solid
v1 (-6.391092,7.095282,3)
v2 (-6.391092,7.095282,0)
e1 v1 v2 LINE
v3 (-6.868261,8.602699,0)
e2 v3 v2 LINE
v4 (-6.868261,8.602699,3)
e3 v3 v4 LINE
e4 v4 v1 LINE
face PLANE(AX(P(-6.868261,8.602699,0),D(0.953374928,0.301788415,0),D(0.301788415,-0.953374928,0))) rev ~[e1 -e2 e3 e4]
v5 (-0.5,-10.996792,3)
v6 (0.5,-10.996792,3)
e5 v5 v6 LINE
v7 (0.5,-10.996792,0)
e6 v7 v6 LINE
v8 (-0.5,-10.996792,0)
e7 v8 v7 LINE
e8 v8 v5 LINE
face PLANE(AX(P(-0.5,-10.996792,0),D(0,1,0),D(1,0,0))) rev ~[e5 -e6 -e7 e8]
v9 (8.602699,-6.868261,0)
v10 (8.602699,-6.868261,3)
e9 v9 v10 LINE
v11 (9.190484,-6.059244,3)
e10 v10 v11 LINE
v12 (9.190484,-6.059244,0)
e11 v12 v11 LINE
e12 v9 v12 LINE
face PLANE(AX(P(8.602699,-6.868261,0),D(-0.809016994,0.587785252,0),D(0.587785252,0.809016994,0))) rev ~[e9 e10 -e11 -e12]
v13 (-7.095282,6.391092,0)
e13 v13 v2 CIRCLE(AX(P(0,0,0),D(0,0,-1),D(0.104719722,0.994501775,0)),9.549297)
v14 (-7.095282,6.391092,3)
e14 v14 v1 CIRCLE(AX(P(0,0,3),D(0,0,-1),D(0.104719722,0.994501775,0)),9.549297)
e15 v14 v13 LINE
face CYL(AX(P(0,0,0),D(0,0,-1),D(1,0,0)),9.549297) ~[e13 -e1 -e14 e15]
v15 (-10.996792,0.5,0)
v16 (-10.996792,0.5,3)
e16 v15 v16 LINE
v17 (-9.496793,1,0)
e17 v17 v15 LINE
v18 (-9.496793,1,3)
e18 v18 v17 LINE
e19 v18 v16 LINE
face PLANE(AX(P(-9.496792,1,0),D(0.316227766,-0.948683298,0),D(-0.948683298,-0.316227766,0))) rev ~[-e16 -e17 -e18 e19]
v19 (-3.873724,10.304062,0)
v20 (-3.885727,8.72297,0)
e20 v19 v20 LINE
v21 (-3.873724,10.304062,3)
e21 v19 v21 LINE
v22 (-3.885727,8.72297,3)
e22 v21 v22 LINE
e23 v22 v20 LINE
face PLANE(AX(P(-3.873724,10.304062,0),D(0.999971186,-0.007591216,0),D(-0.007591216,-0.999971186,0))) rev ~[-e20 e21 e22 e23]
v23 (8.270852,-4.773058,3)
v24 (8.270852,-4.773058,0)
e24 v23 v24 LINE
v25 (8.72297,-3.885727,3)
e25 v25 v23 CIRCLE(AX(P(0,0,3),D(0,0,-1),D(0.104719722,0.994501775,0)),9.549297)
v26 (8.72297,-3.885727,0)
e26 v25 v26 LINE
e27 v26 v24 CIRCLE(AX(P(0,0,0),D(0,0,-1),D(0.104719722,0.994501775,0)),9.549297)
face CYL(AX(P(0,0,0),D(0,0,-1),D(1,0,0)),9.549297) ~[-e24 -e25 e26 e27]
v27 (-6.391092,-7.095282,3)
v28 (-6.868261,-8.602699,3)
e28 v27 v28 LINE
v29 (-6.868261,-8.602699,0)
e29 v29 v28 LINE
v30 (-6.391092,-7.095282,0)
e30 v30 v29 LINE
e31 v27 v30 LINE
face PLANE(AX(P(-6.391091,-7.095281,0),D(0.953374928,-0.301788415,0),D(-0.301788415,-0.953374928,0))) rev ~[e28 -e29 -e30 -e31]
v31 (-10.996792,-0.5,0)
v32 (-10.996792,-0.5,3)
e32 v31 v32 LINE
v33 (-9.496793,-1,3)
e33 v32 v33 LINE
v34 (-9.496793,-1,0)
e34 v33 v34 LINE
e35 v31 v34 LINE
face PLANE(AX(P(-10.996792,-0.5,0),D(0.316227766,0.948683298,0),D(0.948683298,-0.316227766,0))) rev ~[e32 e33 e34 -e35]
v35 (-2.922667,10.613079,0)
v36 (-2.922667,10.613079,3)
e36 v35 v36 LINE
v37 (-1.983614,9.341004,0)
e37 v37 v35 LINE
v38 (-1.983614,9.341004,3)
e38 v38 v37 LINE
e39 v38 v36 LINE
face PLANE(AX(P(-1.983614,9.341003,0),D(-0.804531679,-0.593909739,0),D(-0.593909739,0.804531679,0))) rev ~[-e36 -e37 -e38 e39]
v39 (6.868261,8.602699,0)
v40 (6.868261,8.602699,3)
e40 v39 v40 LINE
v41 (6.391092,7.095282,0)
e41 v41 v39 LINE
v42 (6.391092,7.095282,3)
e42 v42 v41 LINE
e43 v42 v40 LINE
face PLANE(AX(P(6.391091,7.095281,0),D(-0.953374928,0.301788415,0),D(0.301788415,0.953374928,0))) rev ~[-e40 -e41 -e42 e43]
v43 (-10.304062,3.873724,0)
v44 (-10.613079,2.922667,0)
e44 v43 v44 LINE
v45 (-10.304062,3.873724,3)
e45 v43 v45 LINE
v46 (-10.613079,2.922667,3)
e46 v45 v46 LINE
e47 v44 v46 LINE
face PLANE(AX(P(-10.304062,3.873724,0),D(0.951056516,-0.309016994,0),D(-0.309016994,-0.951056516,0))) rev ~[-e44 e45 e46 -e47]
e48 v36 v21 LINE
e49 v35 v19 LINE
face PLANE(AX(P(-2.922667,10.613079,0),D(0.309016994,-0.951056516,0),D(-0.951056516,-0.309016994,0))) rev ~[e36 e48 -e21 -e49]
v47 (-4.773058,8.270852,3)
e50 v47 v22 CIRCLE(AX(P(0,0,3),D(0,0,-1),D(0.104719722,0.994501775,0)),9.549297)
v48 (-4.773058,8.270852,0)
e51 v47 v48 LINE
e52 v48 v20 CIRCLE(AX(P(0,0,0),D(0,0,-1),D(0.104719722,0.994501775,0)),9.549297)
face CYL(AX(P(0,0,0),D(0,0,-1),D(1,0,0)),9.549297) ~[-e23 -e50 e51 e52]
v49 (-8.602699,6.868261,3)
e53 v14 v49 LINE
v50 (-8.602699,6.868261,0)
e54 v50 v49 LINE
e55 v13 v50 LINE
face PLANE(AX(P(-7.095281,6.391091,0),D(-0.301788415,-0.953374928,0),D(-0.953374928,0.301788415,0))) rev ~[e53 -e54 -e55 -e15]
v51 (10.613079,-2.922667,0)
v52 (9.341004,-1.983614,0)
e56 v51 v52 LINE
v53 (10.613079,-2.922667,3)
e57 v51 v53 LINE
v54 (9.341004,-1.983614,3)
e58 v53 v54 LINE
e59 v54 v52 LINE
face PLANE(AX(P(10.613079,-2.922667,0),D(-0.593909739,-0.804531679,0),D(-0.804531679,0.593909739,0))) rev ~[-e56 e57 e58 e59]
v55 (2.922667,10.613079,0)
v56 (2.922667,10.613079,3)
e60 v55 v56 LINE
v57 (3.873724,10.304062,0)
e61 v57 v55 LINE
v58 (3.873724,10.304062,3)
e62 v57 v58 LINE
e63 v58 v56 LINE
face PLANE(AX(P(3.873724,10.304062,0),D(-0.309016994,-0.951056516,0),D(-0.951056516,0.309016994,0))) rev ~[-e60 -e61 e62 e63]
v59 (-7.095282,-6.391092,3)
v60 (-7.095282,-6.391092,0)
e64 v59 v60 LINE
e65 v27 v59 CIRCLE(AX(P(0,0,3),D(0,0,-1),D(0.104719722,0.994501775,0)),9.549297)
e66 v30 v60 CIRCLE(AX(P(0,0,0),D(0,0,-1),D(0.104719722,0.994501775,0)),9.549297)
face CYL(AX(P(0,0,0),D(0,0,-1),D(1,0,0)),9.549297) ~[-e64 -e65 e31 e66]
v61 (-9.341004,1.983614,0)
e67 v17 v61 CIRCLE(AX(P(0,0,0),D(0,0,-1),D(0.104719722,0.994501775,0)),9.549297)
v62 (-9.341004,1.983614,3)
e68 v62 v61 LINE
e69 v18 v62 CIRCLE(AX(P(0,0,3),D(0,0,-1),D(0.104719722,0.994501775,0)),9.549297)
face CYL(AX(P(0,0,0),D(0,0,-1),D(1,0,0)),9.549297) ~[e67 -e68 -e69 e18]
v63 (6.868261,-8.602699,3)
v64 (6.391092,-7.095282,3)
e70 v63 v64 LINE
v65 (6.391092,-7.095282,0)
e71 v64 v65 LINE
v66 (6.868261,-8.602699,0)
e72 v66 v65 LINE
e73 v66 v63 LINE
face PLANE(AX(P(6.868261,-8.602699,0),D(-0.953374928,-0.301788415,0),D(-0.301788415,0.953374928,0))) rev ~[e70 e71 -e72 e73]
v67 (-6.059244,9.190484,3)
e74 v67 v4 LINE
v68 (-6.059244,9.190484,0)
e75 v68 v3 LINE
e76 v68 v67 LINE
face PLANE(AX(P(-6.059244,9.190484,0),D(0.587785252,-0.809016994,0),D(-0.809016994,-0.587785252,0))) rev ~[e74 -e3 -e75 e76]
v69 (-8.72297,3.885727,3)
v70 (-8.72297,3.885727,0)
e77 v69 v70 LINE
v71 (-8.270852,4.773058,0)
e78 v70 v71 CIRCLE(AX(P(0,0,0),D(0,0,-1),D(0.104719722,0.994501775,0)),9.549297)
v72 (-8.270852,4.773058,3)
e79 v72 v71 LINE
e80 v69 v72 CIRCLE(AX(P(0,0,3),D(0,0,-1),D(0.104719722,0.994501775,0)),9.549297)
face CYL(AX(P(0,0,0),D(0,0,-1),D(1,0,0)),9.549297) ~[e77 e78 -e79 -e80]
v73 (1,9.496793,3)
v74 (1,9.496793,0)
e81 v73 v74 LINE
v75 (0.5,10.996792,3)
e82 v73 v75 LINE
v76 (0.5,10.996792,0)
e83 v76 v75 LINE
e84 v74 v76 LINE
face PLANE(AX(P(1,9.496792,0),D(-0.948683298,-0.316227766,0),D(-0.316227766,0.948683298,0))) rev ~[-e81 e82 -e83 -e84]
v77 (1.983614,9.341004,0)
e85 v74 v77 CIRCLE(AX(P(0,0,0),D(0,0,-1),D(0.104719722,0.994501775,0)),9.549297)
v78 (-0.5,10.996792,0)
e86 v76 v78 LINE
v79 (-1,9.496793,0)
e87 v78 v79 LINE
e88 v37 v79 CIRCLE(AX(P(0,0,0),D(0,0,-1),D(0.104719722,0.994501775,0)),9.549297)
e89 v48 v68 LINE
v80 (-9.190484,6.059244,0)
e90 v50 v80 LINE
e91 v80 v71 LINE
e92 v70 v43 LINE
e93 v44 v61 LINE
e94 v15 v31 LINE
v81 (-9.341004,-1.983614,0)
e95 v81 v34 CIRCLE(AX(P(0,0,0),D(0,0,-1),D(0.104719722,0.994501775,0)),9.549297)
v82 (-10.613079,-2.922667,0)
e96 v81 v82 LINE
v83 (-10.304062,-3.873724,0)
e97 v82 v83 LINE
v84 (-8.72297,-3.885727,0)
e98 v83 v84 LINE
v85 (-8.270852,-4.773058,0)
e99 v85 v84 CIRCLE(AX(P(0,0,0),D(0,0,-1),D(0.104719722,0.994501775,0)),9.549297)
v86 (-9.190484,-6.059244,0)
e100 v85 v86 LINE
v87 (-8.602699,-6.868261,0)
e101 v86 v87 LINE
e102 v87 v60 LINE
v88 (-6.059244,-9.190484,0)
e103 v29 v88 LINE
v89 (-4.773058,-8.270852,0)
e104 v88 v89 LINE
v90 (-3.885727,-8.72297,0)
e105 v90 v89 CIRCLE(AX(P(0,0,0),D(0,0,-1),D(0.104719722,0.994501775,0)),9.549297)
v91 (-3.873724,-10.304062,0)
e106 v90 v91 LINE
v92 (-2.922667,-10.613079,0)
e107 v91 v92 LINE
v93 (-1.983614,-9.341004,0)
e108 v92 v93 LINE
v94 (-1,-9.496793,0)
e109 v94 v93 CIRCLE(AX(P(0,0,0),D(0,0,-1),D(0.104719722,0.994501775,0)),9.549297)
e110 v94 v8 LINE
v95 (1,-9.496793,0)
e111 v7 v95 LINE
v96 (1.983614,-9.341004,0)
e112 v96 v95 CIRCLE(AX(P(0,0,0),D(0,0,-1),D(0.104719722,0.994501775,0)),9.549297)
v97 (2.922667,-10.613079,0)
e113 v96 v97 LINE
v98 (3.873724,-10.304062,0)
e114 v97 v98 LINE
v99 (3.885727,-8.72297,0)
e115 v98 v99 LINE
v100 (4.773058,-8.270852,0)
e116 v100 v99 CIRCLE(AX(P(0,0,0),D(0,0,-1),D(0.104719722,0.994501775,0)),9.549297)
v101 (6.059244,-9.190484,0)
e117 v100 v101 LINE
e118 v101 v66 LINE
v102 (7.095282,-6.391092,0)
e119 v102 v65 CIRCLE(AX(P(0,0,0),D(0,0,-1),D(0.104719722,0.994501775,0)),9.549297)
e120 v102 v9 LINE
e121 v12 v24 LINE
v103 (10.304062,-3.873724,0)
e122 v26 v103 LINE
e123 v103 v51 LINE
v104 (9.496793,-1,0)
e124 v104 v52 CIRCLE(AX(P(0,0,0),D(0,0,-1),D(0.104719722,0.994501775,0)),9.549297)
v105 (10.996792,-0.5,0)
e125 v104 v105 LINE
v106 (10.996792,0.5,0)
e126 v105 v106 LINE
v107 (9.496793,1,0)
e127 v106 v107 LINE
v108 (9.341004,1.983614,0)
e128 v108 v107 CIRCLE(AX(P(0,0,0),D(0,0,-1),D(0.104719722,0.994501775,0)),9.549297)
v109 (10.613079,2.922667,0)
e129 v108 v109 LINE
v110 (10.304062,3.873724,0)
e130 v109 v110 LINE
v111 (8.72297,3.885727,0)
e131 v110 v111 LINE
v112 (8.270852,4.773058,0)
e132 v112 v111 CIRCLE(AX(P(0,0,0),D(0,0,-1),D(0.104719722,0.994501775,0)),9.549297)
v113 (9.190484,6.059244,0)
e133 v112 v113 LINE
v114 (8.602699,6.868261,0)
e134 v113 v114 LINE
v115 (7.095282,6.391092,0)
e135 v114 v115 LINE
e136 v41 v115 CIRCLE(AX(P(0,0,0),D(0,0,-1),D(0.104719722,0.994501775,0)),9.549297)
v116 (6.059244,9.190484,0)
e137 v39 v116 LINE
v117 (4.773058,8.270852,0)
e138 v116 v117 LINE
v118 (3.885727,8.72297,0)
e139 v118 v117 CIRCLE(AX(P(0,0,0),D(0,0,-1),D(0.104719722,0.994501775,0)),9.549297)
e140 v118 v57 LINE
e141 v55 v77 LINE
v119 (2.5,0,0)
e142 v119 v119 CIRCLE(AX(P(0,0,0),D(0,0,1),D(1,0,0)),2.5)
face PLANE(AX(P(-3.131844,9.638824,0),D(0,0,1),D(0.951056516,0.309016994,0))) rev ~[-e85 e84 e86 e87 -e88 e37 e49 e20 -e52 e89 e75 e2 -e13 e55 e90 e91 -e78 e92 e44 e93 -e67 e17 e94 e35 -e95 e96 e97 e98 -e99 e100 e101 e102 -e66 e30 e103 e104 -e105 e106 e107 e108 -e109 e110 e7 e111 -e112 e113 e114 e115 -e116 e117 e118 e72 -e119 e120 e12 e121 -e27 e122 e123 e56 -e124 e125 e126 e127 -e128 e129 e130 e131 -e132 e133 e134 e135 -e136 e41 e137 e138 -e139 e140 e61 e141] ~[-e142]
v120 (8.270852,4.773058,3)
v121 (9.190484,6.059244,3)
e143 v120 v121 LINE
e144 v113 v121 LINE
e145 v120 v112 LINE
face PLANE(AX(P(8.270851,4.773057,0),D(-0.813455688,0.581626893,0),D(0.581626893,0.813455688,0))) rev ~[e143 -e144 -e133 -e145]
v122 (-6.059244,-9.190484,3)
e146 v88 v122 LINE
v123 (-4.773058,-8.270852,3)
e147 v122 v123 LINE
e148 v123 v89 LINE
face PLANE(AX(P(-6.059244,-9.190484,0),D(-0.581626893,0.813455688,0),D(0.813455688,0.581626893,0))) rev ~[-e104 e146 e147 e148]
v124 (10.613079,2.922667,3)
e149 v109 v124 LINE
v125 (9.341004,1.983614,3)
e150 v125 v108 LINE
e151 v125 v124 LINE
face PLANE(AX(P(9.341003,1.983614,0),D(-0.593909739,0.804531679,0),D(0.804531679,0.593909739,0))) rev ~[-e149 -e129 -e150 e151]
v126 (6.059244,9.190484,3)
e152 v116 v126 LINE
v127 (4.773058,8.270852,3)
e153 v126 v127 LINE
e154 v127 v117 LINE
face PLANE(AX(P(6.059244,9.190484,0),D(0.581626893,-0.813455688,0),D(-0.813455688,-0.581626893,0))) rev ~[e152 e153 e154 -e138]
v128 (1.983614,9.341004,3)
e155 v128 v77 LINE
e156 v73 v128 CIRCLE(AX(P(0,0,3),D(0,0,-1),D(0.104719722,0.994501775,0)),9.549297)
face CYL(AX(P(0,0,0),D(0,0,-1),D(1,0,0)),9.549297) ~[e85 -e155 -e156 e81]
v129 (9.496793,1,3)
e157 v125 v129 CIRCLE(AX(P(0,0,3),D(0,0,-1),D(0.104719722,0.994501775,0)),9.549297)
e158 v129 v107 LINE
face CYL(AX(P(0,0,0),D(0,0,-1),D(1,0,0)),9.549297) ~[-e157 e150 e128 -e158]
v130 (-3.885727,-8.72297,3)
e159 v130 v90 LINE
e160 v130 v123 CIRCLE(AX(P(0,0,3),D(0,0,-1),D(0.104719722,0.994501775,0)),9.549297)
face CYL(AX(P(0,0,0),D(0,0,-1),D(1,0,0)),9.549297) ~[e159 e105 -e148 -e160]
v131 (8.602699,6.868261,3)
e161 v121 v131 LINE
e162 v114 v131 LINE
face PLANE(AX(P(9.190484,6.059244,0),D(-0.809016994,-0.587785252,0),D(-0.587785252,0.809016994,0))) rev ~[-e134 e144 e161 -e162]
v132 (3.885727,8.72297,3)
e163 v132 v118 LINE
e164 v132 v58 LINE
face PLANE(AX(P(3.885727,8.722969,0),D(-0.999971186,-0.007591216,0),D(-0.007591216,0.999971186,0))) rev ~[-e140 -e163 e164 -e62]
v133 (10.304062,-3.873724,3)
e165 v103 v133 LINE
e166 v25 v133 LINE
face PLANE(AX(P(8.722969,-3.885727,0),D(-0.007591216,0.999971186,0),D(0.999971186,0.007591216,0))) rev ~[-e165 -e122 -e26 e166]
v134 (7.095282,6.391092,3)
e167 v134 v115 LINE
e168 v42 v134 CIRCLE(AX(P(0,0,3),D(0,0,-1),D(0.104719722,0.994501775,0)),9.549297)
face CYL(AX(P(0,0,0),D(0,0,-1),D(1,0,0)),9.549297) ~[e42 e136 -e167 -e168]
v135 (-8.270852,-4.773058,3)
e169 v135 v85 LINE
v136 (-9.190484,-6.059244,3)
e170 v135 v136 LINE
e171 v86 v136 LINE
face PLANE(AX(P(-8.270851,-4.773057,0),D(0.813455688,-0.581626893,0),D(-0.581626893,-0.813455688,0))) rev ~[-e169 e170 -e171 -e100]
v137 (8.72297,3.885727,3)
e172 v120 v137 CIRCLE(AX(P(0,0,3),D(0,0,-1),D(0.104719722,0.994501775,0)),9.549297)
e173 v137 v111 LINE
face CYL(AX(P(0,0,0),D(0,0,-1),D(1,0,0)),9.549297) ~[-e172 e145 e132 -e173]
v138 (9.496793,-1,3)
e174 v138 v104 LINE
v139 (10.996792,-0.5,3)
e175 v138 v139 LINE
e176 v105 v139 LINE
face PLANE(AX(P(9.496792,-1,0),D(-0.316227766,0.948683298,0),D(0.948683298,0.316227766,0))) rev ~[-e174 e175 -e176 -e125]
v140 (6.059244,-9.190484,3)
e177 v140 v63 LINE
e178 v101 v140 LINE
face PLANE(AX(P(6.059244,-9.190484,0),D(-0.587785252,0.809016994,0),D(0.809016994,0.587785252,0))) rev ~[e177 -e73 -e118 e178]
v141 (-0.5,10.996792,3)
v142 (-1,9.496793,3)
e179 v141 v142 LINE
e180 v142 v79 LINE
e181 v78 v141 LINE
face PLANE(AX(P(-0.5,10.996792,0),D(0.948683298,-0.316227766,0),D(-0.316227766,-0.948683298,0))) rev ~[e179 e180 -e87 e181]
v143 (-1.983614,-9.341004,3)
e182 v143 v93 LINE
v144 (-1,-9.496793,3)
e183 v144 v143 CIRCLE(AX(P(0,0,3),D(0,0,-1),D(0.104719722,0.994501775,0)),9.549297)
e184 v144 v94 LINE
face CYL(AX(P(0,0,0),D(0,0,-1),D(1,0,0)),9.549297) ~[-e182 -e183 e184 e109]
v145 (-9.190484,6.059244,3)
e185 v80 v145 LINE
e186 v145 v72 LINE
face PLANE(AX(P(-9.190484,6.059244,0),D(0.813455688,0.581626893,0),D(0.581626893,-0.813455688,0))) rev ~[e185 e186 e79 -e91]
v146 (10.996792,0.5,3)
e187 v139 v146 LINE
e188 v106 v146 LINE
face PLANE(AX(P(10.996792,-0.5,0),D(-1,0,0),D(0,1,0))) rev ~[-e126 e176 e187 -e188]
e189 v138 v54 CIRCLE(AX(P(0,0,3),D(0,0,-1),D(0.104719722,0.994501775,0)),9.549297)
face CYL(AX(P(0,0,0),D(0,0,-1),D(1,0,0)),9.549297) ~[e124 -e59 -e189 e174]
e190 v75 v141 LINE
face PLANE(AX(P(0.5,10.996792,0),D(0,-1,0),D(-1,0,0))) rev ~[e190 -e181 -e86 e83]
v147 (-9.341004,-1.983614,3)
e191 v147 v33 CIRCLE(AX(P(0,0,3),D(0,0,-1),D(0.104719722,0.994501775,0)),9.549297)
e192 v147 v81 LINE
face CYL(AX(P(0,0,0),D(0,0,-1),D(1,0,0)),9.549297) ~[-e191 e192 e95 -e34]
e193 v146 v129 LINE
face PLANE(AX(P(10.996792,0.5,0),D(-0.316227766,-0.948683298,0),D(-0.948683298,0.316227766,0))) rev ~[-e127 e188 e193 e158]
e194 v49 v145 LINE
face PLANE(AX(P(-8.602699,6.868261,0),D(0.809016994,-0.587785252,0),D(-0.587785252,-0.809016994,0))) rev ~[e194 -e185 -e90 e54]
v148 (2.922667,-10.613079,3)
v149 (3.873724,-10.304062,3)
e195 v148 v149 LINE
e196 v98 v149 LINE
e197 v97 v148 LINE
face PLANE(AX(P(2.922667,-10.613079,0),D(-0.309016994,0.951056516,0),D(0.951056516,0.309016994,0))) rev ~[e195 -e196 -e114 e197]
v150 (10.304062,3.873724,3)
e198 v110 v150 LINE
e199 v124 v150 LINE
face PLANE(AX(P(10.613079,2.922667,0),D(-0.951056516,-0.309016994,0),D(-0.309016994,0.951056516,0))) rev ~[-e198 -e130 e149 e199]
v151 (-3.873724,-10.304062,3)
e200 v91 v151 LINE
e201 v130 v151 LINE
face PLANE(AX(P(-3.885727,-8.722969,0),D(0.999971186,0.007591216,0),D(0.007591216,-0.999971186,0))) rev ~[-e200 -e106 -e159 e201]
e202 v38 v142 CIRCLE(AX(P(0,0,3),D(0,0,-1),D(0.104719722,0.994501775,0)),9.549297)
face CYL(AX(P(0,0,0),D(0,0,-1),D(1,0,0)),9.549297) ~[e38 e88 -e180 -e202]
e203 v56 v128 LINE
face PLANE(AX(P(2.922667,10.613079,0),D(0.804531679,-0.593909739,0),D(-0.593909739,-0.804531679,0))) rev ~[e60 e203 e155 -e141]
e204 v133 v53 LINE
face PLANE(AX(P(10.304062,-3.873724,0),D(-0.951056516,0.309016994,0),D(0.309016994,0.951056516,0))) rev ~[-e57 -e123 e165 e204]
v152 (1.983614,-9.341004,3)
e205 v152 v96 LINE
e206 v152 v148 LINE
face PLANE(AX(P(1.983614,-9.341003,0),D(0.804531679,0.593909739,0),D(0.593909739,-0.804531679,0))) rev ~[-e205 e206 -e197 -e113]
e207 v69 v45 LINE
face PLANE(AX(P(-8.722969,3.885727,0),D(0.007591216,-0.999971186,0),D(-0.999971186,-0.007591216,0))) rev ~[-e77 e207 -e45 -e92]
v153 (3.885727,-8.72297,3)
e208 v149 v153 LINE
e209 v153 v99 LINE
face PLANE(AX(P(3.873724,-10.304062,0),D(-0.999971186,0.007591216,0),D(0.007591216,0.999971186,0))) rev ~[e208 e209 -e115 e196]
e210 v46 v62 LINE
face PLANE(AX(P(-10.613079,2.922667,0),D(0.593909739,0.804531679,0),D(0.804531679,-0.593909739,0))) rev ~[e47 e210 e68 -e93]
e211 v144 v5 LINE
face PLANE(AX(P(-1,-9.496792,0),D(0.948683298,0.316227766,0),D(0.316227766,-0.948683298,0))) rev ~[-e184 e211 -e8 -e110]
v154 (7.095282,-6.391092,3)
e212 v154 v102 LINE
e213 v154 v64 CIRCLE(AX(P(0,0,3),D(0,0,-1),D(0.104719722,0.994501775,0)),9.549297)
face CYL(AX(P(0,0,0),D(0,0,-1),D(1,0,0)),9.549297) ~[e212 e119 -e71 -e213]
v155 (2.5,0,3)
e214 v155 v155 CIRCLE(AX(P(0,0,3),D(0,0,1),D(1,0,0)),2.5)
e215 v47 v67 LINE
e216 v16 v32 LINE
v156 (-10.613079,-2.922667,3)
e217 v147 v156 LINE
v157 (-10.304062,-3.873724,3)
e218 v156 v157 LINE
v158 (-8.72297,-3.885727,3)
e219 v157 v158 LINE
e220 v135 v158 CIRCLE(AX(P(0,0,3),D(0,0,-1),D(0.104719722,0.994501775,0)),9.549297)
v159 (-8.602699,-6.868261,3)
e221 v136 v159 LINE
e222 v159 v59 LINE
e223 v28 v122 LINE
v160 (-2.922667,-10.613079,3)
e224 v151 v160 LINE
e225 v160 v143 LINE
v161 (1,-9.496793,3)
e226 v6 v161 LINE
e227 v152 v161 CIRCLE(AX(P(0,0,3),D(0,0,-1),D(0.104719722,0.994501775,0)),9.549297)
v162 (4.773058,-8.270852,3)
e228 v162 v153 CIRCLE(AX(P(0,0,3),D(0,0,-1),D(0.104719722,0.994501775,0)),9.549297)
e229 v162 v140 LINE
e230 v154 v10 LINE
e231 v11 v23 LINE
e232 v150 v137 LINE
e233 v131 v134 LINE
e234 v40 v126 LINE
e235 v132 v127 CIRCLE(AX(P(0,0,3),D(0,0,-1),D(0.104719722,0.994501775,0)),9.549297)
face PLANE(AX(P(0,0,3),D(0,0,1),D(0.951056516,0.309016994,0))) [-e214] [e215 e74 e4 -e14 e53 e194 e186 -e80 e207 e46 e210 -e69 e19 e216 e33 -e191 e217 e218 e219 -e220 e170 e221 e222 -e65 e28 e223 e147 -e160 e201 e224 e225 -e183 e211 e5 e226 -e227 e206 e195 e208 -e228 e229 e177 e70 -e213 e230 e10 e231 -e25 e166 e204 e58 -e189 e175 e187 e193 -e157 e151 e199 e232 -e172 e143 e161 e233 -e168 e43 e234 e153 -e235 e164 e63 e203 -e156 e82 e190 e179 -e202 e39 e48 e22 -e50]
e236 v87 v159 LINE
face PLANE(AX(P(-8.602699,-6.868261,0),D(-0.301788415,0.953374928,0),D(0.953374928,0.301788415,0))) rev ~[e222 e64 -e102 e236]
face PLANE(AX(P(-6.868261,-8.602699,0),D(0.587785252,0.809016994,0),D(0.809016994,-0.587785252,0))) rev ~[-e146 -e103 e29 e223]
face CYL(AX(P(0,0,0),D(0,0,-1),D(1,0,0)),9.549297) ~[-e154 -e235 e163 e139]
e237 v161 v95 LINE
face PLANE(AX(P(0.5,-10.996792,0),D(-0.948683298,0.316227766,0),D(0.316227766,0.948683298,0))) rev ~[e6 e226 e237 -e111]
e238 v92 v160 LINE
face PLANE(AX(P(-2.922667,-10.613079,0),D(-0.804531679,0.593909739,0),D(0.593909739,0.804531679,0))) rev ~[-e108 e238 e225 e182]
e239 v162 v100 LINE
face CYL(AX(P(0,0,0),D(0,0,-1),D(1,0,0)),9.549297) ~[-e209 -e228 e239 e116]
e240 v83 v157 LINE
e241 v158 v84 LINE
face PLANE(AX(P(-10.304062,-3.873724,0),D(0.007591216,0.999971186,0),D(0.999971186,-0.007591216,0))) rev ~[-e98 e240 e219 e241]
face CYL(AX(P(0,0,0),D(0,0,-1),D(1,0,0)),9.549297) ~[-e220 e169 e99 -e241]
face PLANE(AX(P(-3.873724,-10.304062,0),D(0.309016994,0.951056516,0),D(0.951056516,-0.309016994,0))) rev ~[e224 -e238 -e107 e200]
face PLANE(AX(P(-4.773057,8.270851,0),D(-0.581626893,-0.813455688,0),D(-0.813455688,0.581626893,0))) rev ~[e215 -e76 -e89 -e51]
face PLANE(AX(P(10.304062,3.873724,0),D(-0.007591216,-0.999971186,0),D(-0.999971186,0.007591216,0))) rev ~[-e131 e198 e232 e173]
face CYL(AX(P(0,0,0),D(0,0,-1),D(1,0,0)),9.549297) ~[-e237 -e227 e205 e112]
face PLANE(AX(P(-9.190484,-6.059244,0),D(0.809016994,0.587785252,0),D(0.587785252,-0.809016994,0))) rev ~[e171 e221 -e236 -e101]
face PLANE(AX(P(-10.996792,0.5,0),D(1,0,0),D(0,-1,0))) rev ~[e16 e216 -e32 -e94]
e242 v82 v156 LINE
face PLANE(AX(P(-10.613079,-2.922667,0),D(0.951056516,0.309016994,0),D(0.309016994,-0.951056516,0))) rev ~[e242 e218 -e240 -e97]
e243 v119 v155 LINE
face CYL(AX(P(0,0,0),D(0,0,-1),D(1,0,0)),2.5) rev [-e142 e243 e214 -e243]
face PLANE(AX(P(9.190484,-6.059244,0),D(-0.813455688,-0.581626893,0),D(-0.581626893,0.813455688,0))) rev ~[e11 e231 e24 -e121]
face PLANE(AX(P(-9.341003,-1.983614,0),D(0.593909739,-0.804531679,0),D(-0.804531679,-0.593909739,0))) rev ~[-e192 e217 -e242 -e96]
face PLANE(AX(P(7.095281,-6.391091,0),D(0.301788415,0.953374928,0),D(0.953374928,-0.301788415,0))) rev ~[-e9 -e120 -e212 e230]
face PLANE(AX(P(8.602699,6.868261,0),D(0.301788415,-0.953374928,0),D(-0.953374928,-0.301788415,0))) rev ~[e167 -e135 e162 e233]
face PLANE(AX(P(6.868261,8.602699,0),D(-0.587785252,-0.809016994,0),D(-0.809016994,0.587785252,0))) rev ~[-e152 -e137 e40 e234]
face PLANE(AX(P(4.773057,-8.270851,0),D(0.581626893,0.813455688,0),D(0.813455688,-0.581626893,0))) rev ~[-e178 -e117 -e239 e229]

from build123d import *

# Parameters (mm, degrees)
F0_R     = 9.549297
F0_R_2   = 2.5
F2_DEPTH = 3
F3_COUNT = 20
F3_ANGLE = 342


with BuildPart() as f2:
    # F0 (on Top) + F1 (on face) → F2 (new body)
    with BuildSketch(Plane.XY):
        Circle(F0_R)
        Circle(F0_R_2, mode=Mode.SUBTRACT)
    with BuildSketch(Plane.XY):
        with BuildLine():
            ThreePointArc((-1, 9.496792), (0, 9.549297), (1, 9.496792))
            Line((1, 9.496792), (0.5, 10.996792))
            Line((0.5, 10.996792), (-0.5, 10.996792))
            Line((-0.5, 10.996792), (-1, 9.496792))
        make_face()
    extrude(amount=F2_DEPTH)

    # F3: F2 ×20 about axis
    f3_axis = Axis((0, 0, 3), (0, 0, -1))


with BuildPart() as f2_1:
    add(f2.part)
    for i in range(1, F3_COUNT):
        add(f2.part.rotate(f3_axis, i * F3_ANGLE / (F3_COUNT - 1)))


solid = f2_1.part
